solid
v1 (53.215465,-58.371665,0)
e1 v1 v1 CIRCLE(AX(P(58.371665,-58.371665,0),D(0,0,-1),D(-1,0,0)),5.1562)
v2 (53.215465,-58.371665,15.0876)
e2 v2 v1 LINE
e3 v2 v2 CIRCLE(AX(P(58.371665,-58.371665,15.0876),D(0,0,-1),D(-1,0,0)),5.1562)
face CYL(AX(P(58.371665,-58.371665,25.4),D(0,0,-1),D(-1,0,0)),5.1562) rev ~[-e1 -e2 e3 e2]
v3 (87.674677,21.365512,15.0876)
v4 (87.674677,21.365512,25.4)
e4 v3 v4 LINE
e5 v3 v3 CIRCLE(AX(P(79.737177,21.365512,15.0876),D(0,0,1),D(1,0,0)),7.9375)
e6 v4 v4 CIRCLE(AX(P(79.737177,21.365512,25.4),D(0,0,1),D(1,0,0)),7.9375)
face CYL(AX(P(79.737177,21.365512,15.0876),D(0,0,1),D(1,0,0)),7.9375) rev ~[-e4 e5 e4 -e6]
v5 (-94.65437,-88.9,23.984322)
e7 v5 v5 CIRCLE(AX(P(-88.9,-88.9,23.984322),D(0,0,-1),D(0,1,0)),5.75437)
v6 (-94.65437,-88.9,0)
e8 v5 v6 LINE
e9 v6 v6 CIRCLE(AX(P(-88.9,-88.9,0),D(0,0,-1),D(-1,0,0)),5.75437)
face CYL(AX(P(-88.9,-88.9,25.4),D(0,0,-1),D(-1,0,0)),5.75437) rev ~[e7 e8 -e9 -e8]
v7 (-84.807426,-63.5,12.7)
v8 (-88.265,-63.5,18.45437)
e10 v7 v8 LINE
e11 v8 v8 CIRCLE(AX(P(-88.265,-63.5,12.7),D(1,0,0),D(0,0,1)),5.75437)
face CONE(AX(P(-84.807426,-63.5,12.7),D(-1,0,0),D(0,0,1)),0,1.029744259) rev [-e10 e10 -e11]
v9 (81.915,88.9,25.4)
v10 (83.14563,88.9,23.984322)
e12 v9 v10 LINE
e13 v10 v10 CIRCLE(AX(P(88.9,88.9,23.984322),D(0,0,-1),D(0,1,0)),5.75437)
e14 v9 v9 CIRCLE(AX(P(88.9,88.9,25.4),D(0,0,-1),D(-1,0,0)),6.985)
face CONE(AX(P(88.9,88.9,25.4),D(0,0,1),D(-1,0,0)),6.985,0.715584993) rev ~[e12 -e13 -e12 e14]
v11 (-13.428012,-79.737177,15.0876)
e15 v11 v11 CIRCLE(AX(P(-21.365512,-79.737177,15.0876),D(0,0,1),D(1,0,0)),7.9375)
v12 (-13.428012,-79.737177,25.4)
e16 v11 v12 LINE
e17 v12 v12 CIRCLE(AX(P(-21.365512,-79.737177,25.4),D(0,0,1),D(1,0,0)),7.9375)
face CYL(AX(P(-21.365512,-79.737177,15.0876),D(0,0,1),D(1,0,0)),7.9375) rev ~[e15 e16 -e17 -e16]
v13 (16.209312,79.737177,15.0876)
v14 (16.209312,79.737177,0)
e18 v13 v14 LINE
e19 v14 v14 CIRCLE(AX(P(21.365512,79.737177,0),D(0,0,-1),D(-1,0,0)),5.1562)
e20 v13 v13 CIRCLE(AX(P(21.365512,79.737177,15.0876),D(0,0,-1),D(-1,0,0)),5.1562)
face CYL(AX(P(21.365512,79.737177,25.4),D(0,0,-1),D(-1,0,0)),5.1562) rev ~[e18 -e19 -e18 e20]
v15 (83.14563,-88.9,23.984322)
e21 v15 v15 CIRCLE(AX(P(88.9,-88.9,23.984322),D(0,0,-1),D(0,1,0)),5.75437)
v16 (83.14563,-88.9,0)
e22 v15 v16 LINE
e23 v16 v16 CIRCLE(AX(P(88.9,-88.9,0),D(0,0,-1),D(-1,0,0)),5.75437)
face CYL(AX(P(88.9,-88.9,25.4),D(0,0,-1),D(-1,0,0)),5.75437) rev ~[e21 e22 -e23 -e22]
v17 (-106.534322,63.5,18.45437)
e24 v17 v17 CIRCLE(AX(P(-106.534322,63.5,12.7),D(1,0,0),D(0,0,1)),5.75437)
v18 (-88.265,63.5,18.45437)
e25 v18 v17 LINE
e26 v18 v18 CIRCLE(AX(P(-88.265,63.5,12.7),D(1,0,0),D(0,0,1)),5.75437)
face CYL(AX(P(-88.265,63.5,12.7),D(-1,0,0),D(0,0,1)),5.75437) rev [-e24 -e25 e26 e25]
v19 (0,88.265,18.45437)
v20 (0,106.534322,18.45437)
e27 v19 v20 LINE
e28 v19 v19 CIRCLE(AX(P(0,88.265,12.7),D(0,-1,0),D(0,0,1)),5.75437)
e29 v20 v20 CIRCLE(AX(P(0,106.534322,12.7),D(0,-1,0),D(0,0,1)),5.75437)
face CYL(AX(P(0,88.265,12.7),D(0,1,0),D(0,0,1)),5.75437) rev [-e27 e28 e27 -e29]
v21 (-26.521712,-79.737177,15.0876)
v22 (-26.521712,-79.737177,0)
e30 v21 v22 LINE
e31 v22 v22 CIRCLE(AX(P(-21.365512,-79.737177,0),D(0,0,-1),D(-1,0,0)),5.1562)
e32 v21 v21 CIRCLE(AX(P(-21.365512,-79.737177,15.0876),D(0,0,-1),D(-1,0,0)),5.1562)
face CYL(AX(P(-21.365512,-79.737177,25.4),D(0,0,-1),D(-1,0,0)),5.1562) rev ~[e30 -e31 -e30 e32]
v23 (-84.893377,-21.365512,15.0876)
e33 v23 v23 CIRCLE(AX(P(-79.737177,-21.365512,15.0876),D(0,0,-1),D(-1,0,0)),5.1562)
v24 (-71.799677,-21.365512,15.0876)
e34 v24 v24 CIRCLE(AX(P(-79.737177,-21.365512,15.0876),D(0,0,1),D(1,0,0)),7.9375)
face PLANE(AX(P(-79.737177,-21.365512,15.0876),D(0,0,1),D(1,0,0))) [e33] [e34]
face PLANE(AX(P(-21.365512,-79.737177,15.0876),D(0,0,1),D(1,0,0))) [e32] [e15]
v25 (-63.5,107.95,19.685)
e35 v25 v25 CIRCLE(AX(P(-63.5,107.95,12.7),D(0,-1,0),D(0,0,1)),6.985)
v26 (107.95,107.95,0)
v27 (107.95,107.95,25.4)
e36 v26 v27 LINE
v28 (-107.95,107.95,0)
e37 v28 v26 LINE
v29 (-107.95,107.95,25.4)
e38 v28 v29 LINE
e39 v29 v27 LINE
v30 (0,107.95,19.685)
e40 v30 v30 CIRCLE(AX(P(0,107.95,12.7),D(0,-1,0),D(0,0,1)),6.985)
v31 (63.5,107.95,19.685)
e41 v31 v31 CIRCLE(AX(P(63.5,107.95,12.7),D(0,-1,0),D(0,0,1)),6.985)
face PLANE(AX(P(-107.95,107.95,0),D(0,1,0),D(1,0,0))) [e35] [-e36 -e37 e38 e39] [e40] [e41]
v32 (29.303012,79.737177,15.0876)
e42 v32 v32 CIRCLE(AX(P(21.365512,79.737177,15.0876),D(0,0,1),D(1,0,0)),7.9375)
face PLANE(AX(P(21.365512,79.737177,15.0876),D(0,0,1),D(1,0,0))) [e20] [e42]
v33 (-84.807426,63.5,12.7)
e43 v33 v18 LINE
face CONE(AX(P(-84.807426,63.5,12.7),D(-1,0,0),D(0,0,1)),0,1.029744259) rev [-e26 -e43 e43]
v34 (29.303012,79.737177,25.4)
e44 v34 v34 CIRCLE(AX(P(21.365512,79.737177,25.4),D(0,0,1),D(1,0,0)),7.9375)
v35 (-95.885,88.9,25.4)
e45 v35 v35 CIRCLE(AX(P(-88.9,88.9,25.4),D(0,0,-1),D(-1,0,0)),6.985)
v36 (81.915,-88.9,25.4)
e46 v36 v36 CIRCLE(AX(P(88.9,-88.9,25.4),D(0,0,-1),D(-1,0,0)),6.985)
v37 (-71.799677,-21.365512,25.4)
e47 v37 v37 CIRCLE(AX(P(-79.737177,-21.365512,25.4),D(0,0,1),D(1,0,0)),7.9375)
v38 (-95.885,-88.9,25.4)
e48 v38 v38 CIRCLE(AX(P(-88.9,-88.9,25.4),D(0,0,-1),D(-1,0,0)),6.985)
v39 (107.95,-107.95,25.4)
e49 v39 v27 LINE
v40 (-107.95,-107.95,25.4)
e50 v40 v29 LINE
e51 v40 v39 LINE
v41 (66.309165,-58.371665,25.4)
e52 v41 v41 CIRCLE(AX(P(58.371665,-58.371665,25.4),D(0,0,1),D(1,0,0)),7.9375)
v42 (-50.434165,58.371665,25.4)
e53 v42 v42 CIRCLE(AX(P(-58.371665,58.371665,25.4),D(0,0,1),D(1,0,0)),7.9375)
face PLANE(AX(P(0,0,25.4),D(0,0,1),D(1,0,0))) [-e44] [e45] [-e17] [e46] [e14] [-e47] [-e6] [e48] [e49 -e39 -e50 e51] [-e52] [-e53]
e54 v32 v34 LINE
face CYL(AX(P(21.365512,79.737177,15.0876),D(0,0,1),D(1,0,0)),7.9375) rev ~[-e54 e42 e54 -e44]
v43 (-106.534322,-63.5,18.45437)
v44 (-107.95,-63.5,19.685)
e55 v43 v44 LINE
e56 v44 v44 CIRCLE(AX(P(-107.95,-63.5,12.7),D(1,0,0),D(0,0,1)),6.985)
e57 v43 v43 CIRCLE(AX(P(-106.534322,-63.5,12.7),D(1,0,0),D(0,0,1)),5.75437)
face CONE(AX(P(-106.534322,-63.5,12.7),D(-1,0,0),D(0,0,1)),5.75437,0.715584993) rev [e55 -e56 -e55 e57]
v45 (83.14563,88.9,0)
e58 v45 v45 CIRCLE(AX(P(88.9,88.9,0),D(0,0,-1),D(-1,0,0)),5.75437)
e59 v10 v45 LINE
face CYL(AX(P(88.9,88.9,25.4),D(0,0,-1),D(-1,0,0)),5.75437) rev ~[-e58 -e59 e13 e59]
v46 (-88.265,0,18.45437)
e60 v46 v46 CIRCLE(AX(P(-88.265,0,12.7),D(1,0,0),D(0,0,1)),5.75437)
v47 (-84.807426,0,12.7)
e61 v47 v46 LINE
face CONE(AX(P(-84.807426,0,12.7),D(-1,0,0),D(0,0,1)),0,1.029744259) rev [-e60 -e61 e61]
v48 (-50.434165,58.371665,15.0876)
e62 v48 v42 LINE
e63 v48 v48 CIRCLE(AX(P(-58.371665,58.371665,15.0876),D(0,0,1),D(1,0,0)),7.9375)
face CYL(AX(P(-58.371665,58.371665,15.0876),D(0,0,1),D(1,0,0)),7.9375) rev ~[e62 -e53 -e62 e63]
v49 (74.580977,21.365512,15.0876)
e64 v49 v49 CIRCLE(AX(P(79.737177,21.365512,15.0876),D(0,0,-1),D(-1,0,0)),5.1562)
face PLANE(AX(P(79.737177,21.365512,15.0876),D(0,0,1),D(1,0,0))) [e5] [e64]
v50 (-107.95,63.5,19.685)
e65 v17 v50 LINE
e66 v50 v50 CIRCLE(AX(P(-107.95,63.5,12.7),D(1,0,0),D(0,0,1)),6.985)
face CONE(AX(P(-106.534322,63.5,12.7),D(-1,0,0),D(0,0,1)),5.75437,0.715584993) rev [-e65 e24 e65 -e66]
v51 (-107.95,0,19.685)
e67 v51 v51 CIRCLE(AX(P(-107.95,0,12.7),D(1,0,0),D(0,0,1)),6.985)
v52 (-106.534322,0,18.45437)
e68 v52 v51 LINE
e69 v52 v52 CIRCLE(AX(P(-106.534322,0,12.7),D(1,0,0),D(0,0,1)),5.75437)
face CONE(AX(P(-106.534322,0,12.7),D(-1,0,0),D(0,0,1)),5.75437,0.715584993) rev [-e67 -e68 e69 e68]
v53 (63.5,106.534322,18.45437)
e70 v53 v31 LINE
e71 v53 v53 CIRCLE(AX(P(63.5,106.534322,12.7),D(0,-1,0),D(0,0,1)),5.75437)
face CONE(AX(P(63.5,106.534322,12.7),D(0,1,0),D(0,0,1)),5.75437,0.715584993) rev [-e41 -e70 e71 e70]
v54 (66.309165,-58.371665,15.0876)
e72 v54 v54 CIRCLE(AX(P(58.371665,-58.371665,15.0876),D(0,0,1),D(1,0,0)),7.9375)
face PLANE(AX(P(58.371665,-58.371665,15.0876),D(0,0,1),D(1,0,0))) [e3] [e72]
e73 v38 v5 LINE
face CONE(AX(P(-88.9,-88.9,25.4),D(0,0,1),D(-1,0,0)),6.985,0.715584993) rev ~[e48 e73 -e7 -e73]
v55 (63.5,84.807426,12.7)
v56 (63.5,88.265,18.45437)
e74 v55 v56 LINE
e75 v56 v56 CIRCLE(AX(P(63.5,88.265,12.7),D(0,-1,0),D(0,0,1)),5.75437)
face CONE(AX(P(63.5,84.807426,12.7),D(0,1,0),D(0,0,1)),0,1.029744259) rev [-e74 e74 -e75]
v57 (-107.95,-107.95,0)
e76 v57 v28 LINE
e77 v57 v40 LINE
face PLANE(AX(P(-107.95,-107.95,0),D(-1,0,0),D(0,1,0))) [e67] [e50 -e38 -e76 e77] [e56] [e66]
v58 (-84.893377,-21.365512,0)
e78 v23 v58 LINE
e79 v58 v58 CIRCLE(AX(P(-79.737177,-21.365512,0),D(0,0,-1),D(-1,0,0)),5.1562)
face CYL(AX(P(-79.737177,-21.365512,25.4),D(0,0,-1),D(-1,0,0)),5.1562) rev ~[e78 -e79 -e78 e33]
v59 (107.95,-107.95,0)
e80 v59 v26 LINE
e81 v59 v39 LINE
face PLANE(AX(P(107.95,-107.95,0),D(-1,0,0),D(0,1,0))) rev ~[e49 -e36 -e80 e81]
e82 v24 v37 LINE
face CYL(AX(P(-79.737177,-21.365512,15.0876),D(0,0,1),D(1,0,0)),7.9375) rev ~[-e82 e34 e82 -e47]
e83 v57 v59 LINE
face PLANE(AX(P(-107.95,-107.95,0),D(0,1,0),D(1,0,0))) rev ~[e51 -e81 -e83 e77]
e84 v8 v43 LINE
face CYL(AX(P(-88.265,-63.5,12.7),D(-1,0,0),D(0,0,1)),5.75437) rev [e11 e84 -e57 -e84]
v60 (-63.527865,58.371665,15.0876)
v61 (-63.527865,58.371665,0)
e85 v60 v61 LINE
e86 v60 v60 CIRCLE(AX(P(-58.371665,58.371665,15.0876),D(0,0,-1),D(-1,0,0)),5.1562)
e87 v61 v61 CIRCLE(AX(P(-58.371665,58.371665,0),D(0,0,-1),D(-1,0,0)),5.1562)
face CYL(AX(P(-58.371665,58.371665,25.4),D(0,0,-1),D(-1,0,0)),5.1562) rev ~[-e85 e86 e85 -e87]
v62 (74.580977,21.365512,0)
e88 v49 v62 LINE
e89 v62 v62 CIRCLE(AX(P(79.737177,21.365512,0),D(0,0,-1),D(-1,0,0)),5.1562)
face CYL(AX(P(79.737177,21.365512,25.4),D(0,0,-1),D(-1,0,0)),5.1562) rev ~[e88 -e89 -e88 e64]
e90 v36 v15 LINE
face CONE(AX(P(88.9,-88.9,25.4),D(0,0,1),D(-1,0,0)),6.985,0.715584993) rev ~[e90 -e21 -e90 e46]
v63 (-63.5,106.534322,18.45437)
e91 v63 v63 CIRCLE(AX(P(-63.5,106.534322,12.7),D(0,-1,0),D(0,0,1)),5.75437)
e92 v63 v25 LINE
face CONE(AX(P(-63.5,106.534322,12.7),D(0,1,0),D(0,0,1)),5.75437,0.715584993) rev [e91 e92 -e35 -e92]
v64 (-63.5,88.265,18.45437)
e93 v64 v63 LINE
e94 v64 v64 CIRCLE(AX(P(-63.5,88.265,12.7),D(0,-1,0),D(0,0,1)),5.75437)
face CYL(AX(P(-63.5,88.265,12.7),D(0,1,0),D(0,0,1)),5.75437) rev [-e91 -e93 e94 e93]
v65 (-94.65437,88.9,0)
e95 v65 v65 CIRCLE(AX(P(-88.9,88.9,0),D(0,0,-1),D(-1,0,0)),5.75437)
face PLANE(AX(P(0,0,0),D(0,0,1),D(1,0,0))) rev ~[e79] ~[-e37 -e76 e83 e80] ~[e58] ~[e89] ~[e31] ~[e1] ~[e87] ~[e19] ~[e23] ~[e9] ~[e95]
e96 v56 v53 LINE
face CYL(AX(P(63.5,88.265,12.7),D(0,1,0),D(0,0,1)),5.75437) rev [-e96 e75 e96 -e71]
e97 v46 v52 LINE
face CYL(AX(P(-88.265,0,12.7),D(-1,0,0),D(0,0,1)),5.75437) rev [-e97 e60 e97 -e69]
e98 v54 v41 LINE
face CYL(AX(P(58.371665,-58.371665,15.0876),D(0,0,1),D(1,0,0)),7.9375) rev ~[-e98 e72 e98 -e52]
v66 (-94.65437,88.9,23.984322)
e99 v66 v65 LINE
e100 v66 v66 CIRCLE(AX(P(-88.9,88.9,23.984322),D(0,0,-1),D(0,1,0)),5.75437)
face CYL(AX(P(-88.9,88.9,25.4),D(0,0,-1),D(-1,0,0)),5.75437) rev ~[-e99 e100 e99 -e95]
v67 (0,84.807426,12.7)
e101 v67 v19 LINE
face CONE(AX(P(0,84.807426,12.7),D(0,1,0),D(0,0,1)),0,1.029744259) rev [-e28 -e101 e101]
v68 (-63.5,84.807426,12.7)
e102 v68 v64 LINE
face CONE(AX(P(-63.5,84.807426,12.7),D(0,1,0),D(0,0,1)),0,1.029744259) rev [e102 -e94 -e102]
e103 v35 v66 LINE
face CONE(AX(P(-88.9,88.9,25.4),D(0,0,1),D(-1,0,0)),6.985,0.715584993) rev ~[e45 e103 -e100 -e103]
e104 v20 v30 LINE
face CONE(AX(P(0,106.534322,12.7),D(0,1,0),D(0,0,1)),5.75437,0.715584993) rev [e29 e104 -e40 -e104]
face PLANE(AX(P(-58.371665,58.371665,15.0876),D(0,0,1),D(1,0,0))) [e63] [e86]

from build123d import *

# Parameters (mm, degrees)
SKETCH1_W                                        = 215.9
SKETCH1_H                                        = 215.9
BOSS_EXTRUDE1_DEPTH                              = 25.4
F_1_2_20_TAPPED_HOLE1_D                          = 11.50874
F_1_2_20_TAPPED_HOLE1_CSINK_D                    = 13.97
F_1_2_20_TAPPED_HOLE1_CSINK_ANGLE                = 82
CBORE_FOR_3_8_SOCKET_HEAD_CAP_SCREW1_D           = 10.3124
CBORE_FOR_3_8_SOCKET_HEAD_CAP_SCREW1_CBORE_D     = 15.875
CBORE_FOR_3_8_SOCKET_HEAD_CAP_SCREW1_CBORE_DEPTH = 10.3124
F_1_2_20_TAPPED_HOLE2_AT_2_COUNT                 = 2
F_1_2_20_TAPPED_HOLE2_AT_2_PITCH                 = 63.5
F_1_2_20_TAPPED_HOLE2_AT_3_COUNT                 = 2
F_1_2_20_TAPPED_HOLE2_AT_3_PITCH                 = 63.5
CIRPATTERN1_COUNT                                = 2
CIRPATTERN1_ANGLE                                = 90


with BuildPart() as part:
    # Sketch1 → Boss-Extrude1 (new body)
    with BuildSketch(Plane.XY):
        Rectangle(SKETCH1_W, SKETCH1_H)
    extrude(amount=BOSS_EXTRUDE1_DEPTH)

    # 1/2-20 Tapped Hole1 (through all)
    with Locations(Plane.XY.offset(25.4)):
        with Locations((-88.9, -88.9), (88.9, 88.9), (-88.9, 88.9), (88.9, -88.9)):
            CounterSinkHole(F_1_2_20_TAPPED_HOLE1_D / 2, F_1_2_20_TAPPED_HOLE1_CSINK_D / 2, counter_sink_angle=F_1_2_20_TAPPED_HOLE1_CSINK_ANGLE)

    # CBORE for 3/8 Socket Head Cap Screw1 (through all)
    with Locations(Plane.XY.offset(25.4)):
        with Locations((-58.371664787, 58.371664787), (-79.73717696, -21.365512173), (-21.365512173, -79.73717696), (58.371664787, -58.371664787), (79.73717696, 21.365512173), (21.365512173, 79.73717696)):
            CounterBoreHole(CBORE_FOR_3_8_SOCKET_HEAD_CAP_SCREW1_D / 2, CBORE_FOR_3_8_SOCKET_HEAD_CAP_SCREW1_CBORE_D / 2, CBORE_FOR_3_8_SOCKET_HEAD_CAP_SCREW1_CBORE_DEPTH)

    # Sketch6 → 1/2-20 Tapped Hole2 (revolve, cut)
    with BuildSketch(Plane(origin=(-107.95, 0, 12.7), x_dir=(0, 0, 1), z_dir=(0, 1, 0))):
        Polygon((0, 0), (0, 23.14257432), (5.75437, 19.685), (5.75437, 1.415677873), (6.985, 0), align=None)
    f_1_2_20_tapped_hole2 = revolve(axis=Axis((-114.3, 0, 12.7), (1, 0, 0)), mode=Mode.SUBTRACT)

    # 1/2-20 Tapped Hole2 at 2: 1/2-20 Tapped Hole2 ×2
    with Locations(*[(0, i * F_1_2_20_TAPPED_HOLE2_AT_2_PITCH, 0) for i in range(1, F_1_2_20_TAPPED_HOLE2_AT_2_COUNT)]):
        add(f_1_2_20_tapped_hole2, mode=Mode.SUBTRACT)

    # 1/2-20 Tapped Hole2 at 3: 1/2-20 Tapped Hole2 ×2
    with Locations(*[(0, -i * F_1_2_20_TAPPED_HOLE2_AT_3_PITCH, 0) for i in range(1, F_1_2_20_TAPPED_HOLE2_AT_3_COUNT)]):
        add(f_1_2_20_tapped_hole2, mode=Mode.SUBTRACT)

    # CirPattern1: 1/2-20 Tapped Hole2 ×2 about axis
    cirpattern1_axis = Axis((0, 0, -1.27), (0, 0, -1))
    for i in range(1, CIRPATTERN1_COUNT):
        add(f_1_2_20_tapped_hole2.rotate(cirpattern1_axis, i * CIRPATTERN1_ANGLE / (CIRPATTERN1_COUNT - 1)), mode=Mode.SUBTRACT)

    # CirPattern1 copy 1 sketch → CirPattern1 copy 1 (revolve, cut)
    with BuildSketch(Plane(origin=(63.5, 107.95, 12.7), x_dir=(0, 0, 1), z_dir=(1, 0, 0))):
        Polygon((0, 0), (0, 23.14257432), (5.75437, 19.685), (5.75437, 1.415677873), (6.985, 0), align=None)
    revolve(axis=Axis((63.5, 114.3, 12.7), (0, -1, 0)), mode=Mode.SUBTRACT)

    # CirPattern1 copy 2 sketch → CirPattern1 copy 2 (revolve, cut)
    with BuildSketch(Plane(origin=(-63.5, 107.95, 12.7), x_dir=(0, 0, 1), z_dir=(1, 0, 0))):
        Polygon((0, 0), (0, 23.14257432), (5.75437, 19.685), (5.75437, 1.415677873), (6.985, 0), align=None)
    revolve(axis=Axis((-63.5, 114.3, 12.7), (0, -1, 0)), mode=Mode.SUBTRACT)


solid = part.part
